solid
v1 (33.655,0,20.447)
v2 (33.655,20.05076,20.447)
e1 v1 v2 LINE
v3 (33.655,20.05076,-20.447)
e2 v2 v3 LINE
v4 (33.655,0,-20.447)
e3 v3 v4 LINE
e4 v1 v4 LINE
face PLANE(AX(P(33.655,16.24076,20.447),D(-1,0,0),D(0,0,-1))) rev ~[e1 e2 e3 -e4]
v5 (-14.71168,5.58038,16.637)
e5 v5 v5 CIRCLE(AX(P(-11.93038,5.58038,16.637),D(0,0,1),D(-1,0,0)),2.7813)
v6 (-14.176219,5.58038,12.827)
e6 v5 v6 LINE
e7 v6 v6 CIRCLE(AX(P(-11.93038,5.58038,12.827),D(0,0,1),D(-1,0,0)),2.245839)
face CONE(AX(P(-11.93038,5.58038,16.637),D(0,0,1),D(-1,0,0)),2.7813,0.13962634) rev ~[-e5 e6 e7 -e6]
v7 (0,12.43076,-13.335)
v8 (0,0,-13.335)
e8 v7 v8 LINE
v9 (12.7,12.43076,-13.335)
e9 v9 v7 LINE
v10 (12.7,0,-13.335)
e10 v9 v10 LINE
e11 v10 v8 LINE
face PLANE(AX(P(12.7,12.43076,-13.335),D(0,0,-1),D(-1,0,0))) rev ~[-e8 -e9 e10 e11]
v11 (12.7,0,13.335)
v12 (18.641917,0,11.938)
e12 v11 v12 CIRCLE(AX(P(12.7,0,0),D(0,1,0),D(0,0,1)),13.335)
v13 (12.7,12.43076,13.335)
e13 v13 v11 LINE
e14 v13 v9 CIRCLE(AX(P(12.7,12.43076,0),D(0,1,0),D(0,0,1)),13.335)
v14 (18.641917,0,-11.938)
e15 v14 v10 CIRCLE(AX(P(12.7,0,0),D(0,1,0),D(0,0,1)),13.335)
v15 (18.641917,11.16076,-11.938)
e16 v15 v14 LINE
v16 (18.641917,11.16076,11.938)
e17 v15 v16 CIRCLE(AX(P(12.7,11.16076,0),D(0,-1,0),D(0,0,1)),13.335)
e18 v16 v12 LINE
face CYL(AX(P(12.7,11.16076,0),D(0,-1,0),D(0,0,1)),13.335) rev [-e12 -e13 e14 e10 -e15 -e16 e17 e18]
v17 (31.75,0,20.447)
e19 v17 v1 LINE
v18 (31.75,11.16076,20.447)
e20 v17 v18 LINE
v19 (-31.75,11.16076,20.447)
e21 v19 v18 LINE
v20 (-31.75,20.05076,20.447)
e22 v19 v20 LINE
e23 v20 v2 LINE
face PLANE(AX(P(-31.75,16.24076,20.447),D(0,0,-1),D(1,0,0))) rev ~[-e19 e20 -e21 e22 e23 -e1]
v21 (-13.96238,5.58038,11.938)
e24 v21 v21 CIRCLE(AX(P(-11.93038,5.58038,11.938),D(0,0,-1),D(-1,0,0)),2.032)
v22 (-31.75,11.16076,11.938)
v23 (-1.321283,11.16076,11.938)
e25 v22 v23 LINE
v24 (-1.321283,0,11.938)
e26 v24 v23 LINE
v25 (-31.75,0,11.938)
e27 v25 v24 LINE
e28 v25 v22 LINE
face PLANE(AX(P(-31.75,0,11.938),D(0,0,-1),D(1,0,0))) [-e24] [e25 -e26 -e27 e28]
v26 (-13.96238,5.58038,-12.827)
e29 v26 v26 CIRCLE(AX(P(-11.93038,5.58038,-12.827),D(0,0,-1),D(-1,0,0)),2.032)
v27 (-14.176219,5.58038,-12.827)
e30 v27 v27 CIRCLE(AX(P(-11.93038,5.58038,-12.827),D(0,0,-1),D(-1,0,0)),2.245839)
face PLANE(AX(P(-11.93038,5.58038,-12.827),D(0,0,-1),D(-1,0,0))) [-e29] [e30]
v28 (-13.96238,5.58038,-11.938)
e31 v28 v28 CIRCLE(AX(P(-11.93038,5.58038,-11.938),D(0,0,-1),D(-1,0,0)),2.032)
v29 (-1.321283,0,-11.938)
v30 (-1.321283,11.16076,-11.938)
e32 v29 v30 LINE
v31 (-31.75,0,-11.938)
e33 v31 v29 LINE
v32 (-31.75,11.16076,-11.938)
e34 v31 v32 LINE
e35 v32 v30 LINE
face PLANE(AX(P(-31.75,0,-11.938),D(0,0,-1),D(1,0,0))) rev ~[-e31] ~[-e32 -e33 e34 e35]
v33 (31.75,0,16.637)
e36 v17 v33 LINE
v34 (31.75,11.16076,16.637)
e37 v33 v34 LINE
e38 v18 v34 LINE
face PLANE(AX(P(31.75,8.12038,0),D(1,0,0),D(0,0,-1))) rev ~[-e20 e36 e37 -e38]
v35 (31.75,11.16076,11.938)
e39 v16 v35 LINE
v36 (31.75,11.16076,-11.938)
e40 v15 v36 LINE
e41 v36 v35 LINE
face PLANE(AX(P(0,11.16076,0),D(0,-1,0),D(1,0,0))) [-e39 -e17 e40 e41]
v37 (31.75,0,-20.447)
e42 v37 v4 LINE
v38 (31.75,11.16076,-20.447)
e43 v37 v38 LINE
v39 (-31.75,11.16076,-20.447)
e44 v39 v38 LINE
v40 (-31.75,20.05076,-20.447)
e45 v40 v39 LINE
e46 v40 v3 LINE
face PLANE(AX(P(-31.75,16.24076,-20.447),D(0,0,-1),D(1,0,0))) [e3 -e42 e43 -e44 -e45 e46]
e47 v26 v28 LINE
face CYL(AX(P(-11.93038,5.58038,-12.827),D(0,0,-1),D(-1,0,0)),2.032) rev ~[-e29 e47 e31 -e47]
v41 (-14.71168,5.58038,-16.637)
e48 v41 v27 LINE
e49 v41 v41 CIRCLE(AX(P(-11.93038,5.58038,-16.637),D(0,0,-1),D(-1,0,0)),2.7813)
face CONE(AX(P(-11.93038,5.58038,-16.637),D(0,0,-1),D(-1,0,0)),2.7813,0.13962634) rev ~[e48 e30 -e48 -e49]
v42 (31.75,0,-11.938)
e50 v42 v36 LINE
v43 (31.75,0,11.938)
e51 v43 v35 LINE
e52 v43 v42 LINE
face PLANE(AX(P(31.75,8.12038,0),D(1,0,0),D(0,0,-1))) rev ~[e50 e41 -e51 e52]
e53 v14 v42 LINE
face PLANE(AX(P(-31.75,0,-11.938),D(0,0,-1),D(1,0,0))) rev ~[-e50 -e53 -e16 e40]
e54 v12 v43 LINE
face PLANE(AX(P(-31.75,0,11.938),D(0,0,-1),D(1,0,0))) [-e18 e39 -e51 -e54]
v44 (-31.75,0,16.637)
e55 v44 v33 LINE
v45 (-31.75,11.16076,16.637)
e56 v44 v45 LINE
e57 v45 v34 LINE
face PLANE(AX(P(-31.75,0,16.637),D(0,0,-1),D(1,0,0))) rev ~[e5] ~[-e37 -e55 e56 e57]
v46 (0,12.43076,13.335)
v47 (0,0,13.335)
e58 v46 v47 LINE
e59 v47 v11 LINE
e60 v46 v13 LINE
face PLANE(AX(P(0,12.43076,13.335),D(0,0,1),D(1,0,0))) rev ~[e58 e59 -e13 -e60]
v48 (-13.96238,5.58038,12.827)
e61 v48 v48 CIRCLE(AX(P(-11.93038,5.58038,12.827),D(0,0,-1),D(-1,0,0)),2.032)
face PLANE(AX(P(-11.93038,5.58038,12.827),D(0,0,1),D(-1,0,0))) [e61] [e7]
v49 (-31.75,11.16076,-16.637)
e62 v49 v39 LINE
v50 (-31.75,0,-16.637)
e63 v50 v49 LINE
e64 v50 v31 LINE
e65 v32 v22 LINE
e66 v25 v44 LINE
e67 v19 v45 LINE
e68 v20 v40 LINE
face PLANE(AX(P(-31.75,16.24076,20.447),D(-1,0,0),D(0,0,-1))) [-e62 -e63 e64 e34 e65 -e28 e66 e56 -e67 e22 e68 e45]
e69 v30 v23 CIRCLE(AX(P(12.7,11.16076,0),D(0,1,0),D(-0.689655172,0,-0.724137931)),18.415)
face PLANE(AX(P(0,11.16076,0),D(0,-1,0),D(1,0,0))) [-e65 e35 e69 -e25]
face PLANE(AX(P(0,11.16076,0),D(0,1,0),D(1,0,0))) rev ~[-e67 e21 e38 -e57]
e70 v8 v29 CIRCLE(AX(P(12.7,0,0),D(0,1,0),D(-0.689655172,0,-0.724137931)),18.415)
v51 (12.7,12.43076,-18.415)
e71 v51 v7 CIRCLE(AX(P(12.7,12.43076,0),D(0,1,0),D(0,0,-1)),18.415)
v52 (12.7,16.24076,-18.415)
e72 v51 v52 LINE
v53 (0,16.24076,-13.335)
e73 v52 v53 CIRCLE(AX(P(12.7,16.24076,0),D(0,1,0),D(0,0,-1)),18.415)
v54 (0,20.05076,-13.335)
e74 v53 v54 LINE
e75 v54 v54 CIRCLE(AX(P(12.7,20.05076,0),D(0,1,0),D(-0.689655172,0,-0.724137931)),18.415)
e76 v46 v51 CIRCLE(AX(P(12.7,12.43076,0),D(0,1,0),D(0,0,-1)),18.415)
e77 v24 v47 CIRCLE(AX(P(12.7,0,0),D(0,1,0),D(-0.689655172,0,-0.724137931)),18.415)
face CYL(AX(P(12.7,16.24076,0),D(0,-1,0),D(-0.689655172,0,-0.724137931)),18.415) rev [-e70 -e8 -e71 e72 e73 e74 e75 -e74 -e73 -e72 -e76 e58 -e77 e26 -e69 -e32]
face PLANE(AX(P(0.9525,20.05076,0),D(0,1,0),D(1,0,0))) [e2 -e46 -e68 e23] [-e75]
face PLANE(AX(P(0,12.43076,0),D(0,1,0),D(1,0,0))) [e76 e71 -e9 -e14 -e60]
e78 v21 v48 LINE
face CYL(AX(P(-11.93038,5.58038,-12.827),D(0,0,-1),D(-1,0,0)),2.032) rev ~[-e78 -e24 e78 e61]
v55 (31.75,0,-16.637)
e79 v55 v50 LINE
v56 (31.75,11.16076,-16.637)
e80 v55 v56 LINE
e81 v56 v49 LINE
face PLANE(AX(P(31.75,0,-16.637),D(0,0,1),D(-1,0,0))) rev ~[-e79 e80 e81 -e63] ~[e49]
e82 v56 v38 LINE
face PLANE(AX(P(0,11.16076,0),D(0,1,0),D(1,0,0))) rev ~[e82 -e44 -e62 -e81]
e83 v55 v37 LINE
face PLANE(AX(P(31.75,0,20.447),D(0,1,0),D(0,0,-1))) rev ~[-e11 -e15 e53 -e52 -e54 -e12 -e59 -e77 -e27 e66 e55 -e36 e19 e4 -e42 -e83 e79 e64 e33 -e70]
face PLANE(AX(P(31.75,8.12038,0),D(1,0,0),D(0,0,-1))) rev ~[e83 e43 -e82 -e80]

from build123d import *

# Parameters (mm, degrees)
SKETCH1_R               = 13.335
BOSS_EXTRUDE1_DEPTH     = 11.16076
SKETCH3_W               = 63.5
SKETCH3_H               = 40.894
SKETCH3_R               = 13.335
BOSS_EXTRUDE4_DEPTH     = 1.27
BOSS_EXTRUDE5_START     = 1.27
SKETCH2_W               = 63.5
SKETCH2_H               = 40.894
SKETCH2_R               = 18.415
BOSS_EXTRUDE5_DEPTH     = 3.81
SKETCH4_W               = 63.5
SKETCH4_H               = 23.876
CUT_EXTRUDE1_DEPTH      = 11.16076
SKETCH5_R               = 2.7813
CUT_EXTRUDE2_DEPTH      = 3.81
CUT_EXTRUDE2_DRAFT      = -8
SKETCH6_R               = 2.032
CUT_EXTRUDE3_DEPTH      = 49.774828153
MIRROR1_COPY_1_SKETCH_R = 2.7813
MIRROR1_COPY_1_DEPTH    = 3.81
MIRROR1_COPY_1_DRAFT    = -8
CUT_EXTRUDE4_DEPTH      = 40.757591768
SKETCH8_W               = 40.894
SKETCH8_H               = 16.24076
BOSS_EXTRUDE6_DEPTH     = 1.905
SKETCH9_W               = 65.405
SKETCH9_H               = 40.894
SKETCH9_R               = 18.415
BOSS_EXTRUDE8_DEPTH     = 3.81


with BuildPart() as part:
    # Sketch1 → Boss-Extrude1 (new body)
    with BuildSketch(Plane(origin=(0, 0, 0), x_dir=(1, 0, 0), z_dir=(0, 1, 0))):
        with BuildLine():
            Line((-31.75, 16.637), (-31.75, 12.192))
            Line((-31.75, 12.192), (2.53285876, 12.192))
            ThreePointArc((2.53285876, 12.192), (-3.175, 0), (2.53285876, -12.192))
            Line((2.53285876, -12.192), (-31.75, -12.192))
            Line((-31.75, -12.192), (-31.75, -16.637))
            Line((-31.75, -16.637), (31.75, -16.637))
            Line((31.75, -16.637), (31.75, -12.192))
            Line((31.75, -12.192), (22.86714124, -12.192))
            ThreePointArc((22.86714124, -12.192), (28.575, 0), (22.86714124, 12.192))
            Line((22.86714124, 12.192), (31.75, 12.192))
            Line((31.75, 12.192), (31.75, 16.637))
            Line((31.75, 16.637), (-31.75, 16.637))
        make_face()
        with Locations(Location((12.7, 0, 0), (0, 0, 270))):
            Circle(SKETCH1_R, mode=Mode.SUBTRACT)
        with BuildLine():
            Line((2.53285876, 12.192), (-31.75, 12.192))
            Line((-31.75, 12.192), (-31.75, -12.192))
            Line((-31.75, -12.192), (2.53285876, -12.192))
            ThreePointArc((2.53285876, -12.192), (-3.175, 0), (2.53285876, 12.192))
        make_face()
        with BuildLine():
            Line((31.75, -12.192), (31.75, 12.192))
            Line((31.75, 12.192), (22.86714124, 12.192))
            ThreePointArc((22.86714124, 12.192), (28.575, 0), (22.86714124, -12.192))
            Line((22.86714124, -12.192), (31.75, -12.192))
        make_face()
    extrude(amount=BOSS_EXTRUDE1_DEPTH)

    # Sketch3 → Boss-Extrude4 (add)
    with BuildSketch(Plane(origin=(0, 11.16076, 0), x_dir=(1, 0, 0), z_dir=(0, 1, 0))):
        Rectangle(SKETCH3_W, SKETCH3_H)
        with Locations(Location((12.7, 0, 0), (0, 0, 270))):
            Circle(SKETCH3_R, mode=Mode.SUBTRACT)
    extrude(amount=BOSS_EXTRUDE4_DEPTH)

    # Sketch2 → Boss-Extrude5 (add)
    with BuildSketch(Plane(origin=(0, 11.16076, 0), x_dir=(1, 0, 0), z_dir=(0, 1, 0)).offset(BOSS_EXTRUDE5_START)):
        Rectangle(SKETCH2_W, SKETCH2_H)
        with Locations(Location((12.7, 0, 0), (0, 0, 90))):
            Circle(SKETCH2_R, mode=Mode.SUBTRACT)
    extrude(amount=BOSS_EXTRUDE5_DEPTH)

    # Sketch4 → Cut-Extrude1 (cut)
    with BuildSketch(Plane.XZ):
        Rectangle(SKETCH4_W, SKETCH4_H)
    extrude(amount=-CUT_EXTRUDE1_DEPTH, mode=Mode.SUBTRACT)


with BuildPart() as cut_extrude2_tool:
    # Sketch5 → Cut-Extrude2 (with draft: the straight prism first)
    with BuildSketch(Plane(origin=(0, 0, -16.637), x_dir=(-1, 0, 0), z_dir=(0, 0, -1))):
        with Locations((11.93038, 5.58038)):
            Circle(SKETCH5_R)
    extrude(amount=-CUT_EXTRUDE2_DEPTH)
    # Cut-Extrude2: the draft: its side faces are tilted about the plane it starts from
    cut_extrude2_sides = [cut_extrude2_tool.faces().sort_by_distance(p)[0] for p in [
        (-9.14908, 5.58038, -14.732),
    ]]
    draft(cut_extrude2_sides, Plane(origin=(0, 0, -16.637), x_dir=(-1, 0, 0), z_dir=(0, 0, -1)), CUT_EXTRUDE2_DRAFT)


with BuildPart() as part_1:
    add(part.part)

    # Cut-Extrude2: cut by cut_extrude2_tool
    add(cut_extrude2_tool.part, mode=Mode.SUBTRACT)

    # Sketch6 → Cut-Extrude3 (cut, through all)
    with BuildSketch(Plane(origin=(0, 0, -12.827), x_dir=(-1, 0, 0), z_dir=(0, 0, -1))):
        with Locations((11.93038, 5.58038)):
            Circle(SKETCH6_R)
    extrude(amount=-CUT_EXTRUDE3_DEPTH, mode=Mode.SUBTRACT)


with BuildPart() as mirror1_copy_1_tool:
    # Mirror1 copy 1 sketch → Mirror1 copy 1 (with draft: the straight prism first)
    with BuildSketch(Plane(origin=(0, 0, 16.637), x_dir=(-1, 0, 0), z_dir=(0, 0, 1))):
        with Locations((11.93038, -5.58038)):
            Circle(MIRROR1_COPY_1_SKETCH_R)
    extrude(amount=-MIRROR1_COPY_1_DEPTH)
    # Mirror1 copy 1: the draft: its side faces are tilted about the plane it starts from
    mirror1_copy_1_sides = [mirror1_copy_1_tool.faces().sort_by_distance(p)[0] for p in [
        (-9.14908, 5.58038, 14.732),
    ]]
    draft(mirror1_copy_1_sides, Plane(origin=(0, 0, 16.637), x_dir=(-1, 0, 0), z_dir=(0, 0, 1)), MIRROR1_COPY_1_DRAFT)


with BuildPart() as part_2:
    add(part_1.part)

    # Mirror1 copy 1: cut by mirror1_copy_1_tool
    add(mirror1_copy_1_tool.part, mode=Mode.SUBTRACT)

    # Sketch7 → Cut-Extrude4 (cut, through all)
    with BuildSketch(Plane(origin=(0, 12.43076, 0), x_dir=(1, 0, 0), z_dir=(0, 1, 0))):
        with BuildLine():
            Line((12.7, 13.335), (0, 13.335))
            ThreePointArc((0, 13.335), (-5.715, 0), (0, -13.335))
            Line((0, -13.335), (12.7, -13.335))
            ThreePointArc((12.7, -13.335), (-0.635, 0), (12.7, 13.335))
        make_face()
    extrude(amount=-CUT_EXTRUDE4_DEPTH, mode=Mode.SUBTRACT)

    # Sketch8 → Boss-Extrude6 (add)
    with BuildSketch(Plane(origin=(31.75, 0, 0), x_dir=(0, 0, -1), z_dir=(1, 0, 0))):
        with Locations((0, 8.12038)):
            Rectangle(SKETCH8_W, SKETCH8_H)
    extrude(amount=BOSS_EXTRUDE6_DEPTH)

    # Sketch9 → Boss-Extrude8 (add)
    with BuildSketch(Plane(origin=(0, 16.24076, 0), x_dir=(1, 0, 0), z_dir=(0, 1, 0))):
        with Locations((0.9525, 0)):
            Rectangle(SKETCH9_W, SKETCH9_H)
        with Locations(Location((12.7, 0, 0), (0, 0, 133.602818973))):
            Circle(SKETCH9_R, mode=Mode.SUBTRACT)
    extrude(amount=BOSS_EXTRUDE8_DEPTH)


solid = part_2.part
